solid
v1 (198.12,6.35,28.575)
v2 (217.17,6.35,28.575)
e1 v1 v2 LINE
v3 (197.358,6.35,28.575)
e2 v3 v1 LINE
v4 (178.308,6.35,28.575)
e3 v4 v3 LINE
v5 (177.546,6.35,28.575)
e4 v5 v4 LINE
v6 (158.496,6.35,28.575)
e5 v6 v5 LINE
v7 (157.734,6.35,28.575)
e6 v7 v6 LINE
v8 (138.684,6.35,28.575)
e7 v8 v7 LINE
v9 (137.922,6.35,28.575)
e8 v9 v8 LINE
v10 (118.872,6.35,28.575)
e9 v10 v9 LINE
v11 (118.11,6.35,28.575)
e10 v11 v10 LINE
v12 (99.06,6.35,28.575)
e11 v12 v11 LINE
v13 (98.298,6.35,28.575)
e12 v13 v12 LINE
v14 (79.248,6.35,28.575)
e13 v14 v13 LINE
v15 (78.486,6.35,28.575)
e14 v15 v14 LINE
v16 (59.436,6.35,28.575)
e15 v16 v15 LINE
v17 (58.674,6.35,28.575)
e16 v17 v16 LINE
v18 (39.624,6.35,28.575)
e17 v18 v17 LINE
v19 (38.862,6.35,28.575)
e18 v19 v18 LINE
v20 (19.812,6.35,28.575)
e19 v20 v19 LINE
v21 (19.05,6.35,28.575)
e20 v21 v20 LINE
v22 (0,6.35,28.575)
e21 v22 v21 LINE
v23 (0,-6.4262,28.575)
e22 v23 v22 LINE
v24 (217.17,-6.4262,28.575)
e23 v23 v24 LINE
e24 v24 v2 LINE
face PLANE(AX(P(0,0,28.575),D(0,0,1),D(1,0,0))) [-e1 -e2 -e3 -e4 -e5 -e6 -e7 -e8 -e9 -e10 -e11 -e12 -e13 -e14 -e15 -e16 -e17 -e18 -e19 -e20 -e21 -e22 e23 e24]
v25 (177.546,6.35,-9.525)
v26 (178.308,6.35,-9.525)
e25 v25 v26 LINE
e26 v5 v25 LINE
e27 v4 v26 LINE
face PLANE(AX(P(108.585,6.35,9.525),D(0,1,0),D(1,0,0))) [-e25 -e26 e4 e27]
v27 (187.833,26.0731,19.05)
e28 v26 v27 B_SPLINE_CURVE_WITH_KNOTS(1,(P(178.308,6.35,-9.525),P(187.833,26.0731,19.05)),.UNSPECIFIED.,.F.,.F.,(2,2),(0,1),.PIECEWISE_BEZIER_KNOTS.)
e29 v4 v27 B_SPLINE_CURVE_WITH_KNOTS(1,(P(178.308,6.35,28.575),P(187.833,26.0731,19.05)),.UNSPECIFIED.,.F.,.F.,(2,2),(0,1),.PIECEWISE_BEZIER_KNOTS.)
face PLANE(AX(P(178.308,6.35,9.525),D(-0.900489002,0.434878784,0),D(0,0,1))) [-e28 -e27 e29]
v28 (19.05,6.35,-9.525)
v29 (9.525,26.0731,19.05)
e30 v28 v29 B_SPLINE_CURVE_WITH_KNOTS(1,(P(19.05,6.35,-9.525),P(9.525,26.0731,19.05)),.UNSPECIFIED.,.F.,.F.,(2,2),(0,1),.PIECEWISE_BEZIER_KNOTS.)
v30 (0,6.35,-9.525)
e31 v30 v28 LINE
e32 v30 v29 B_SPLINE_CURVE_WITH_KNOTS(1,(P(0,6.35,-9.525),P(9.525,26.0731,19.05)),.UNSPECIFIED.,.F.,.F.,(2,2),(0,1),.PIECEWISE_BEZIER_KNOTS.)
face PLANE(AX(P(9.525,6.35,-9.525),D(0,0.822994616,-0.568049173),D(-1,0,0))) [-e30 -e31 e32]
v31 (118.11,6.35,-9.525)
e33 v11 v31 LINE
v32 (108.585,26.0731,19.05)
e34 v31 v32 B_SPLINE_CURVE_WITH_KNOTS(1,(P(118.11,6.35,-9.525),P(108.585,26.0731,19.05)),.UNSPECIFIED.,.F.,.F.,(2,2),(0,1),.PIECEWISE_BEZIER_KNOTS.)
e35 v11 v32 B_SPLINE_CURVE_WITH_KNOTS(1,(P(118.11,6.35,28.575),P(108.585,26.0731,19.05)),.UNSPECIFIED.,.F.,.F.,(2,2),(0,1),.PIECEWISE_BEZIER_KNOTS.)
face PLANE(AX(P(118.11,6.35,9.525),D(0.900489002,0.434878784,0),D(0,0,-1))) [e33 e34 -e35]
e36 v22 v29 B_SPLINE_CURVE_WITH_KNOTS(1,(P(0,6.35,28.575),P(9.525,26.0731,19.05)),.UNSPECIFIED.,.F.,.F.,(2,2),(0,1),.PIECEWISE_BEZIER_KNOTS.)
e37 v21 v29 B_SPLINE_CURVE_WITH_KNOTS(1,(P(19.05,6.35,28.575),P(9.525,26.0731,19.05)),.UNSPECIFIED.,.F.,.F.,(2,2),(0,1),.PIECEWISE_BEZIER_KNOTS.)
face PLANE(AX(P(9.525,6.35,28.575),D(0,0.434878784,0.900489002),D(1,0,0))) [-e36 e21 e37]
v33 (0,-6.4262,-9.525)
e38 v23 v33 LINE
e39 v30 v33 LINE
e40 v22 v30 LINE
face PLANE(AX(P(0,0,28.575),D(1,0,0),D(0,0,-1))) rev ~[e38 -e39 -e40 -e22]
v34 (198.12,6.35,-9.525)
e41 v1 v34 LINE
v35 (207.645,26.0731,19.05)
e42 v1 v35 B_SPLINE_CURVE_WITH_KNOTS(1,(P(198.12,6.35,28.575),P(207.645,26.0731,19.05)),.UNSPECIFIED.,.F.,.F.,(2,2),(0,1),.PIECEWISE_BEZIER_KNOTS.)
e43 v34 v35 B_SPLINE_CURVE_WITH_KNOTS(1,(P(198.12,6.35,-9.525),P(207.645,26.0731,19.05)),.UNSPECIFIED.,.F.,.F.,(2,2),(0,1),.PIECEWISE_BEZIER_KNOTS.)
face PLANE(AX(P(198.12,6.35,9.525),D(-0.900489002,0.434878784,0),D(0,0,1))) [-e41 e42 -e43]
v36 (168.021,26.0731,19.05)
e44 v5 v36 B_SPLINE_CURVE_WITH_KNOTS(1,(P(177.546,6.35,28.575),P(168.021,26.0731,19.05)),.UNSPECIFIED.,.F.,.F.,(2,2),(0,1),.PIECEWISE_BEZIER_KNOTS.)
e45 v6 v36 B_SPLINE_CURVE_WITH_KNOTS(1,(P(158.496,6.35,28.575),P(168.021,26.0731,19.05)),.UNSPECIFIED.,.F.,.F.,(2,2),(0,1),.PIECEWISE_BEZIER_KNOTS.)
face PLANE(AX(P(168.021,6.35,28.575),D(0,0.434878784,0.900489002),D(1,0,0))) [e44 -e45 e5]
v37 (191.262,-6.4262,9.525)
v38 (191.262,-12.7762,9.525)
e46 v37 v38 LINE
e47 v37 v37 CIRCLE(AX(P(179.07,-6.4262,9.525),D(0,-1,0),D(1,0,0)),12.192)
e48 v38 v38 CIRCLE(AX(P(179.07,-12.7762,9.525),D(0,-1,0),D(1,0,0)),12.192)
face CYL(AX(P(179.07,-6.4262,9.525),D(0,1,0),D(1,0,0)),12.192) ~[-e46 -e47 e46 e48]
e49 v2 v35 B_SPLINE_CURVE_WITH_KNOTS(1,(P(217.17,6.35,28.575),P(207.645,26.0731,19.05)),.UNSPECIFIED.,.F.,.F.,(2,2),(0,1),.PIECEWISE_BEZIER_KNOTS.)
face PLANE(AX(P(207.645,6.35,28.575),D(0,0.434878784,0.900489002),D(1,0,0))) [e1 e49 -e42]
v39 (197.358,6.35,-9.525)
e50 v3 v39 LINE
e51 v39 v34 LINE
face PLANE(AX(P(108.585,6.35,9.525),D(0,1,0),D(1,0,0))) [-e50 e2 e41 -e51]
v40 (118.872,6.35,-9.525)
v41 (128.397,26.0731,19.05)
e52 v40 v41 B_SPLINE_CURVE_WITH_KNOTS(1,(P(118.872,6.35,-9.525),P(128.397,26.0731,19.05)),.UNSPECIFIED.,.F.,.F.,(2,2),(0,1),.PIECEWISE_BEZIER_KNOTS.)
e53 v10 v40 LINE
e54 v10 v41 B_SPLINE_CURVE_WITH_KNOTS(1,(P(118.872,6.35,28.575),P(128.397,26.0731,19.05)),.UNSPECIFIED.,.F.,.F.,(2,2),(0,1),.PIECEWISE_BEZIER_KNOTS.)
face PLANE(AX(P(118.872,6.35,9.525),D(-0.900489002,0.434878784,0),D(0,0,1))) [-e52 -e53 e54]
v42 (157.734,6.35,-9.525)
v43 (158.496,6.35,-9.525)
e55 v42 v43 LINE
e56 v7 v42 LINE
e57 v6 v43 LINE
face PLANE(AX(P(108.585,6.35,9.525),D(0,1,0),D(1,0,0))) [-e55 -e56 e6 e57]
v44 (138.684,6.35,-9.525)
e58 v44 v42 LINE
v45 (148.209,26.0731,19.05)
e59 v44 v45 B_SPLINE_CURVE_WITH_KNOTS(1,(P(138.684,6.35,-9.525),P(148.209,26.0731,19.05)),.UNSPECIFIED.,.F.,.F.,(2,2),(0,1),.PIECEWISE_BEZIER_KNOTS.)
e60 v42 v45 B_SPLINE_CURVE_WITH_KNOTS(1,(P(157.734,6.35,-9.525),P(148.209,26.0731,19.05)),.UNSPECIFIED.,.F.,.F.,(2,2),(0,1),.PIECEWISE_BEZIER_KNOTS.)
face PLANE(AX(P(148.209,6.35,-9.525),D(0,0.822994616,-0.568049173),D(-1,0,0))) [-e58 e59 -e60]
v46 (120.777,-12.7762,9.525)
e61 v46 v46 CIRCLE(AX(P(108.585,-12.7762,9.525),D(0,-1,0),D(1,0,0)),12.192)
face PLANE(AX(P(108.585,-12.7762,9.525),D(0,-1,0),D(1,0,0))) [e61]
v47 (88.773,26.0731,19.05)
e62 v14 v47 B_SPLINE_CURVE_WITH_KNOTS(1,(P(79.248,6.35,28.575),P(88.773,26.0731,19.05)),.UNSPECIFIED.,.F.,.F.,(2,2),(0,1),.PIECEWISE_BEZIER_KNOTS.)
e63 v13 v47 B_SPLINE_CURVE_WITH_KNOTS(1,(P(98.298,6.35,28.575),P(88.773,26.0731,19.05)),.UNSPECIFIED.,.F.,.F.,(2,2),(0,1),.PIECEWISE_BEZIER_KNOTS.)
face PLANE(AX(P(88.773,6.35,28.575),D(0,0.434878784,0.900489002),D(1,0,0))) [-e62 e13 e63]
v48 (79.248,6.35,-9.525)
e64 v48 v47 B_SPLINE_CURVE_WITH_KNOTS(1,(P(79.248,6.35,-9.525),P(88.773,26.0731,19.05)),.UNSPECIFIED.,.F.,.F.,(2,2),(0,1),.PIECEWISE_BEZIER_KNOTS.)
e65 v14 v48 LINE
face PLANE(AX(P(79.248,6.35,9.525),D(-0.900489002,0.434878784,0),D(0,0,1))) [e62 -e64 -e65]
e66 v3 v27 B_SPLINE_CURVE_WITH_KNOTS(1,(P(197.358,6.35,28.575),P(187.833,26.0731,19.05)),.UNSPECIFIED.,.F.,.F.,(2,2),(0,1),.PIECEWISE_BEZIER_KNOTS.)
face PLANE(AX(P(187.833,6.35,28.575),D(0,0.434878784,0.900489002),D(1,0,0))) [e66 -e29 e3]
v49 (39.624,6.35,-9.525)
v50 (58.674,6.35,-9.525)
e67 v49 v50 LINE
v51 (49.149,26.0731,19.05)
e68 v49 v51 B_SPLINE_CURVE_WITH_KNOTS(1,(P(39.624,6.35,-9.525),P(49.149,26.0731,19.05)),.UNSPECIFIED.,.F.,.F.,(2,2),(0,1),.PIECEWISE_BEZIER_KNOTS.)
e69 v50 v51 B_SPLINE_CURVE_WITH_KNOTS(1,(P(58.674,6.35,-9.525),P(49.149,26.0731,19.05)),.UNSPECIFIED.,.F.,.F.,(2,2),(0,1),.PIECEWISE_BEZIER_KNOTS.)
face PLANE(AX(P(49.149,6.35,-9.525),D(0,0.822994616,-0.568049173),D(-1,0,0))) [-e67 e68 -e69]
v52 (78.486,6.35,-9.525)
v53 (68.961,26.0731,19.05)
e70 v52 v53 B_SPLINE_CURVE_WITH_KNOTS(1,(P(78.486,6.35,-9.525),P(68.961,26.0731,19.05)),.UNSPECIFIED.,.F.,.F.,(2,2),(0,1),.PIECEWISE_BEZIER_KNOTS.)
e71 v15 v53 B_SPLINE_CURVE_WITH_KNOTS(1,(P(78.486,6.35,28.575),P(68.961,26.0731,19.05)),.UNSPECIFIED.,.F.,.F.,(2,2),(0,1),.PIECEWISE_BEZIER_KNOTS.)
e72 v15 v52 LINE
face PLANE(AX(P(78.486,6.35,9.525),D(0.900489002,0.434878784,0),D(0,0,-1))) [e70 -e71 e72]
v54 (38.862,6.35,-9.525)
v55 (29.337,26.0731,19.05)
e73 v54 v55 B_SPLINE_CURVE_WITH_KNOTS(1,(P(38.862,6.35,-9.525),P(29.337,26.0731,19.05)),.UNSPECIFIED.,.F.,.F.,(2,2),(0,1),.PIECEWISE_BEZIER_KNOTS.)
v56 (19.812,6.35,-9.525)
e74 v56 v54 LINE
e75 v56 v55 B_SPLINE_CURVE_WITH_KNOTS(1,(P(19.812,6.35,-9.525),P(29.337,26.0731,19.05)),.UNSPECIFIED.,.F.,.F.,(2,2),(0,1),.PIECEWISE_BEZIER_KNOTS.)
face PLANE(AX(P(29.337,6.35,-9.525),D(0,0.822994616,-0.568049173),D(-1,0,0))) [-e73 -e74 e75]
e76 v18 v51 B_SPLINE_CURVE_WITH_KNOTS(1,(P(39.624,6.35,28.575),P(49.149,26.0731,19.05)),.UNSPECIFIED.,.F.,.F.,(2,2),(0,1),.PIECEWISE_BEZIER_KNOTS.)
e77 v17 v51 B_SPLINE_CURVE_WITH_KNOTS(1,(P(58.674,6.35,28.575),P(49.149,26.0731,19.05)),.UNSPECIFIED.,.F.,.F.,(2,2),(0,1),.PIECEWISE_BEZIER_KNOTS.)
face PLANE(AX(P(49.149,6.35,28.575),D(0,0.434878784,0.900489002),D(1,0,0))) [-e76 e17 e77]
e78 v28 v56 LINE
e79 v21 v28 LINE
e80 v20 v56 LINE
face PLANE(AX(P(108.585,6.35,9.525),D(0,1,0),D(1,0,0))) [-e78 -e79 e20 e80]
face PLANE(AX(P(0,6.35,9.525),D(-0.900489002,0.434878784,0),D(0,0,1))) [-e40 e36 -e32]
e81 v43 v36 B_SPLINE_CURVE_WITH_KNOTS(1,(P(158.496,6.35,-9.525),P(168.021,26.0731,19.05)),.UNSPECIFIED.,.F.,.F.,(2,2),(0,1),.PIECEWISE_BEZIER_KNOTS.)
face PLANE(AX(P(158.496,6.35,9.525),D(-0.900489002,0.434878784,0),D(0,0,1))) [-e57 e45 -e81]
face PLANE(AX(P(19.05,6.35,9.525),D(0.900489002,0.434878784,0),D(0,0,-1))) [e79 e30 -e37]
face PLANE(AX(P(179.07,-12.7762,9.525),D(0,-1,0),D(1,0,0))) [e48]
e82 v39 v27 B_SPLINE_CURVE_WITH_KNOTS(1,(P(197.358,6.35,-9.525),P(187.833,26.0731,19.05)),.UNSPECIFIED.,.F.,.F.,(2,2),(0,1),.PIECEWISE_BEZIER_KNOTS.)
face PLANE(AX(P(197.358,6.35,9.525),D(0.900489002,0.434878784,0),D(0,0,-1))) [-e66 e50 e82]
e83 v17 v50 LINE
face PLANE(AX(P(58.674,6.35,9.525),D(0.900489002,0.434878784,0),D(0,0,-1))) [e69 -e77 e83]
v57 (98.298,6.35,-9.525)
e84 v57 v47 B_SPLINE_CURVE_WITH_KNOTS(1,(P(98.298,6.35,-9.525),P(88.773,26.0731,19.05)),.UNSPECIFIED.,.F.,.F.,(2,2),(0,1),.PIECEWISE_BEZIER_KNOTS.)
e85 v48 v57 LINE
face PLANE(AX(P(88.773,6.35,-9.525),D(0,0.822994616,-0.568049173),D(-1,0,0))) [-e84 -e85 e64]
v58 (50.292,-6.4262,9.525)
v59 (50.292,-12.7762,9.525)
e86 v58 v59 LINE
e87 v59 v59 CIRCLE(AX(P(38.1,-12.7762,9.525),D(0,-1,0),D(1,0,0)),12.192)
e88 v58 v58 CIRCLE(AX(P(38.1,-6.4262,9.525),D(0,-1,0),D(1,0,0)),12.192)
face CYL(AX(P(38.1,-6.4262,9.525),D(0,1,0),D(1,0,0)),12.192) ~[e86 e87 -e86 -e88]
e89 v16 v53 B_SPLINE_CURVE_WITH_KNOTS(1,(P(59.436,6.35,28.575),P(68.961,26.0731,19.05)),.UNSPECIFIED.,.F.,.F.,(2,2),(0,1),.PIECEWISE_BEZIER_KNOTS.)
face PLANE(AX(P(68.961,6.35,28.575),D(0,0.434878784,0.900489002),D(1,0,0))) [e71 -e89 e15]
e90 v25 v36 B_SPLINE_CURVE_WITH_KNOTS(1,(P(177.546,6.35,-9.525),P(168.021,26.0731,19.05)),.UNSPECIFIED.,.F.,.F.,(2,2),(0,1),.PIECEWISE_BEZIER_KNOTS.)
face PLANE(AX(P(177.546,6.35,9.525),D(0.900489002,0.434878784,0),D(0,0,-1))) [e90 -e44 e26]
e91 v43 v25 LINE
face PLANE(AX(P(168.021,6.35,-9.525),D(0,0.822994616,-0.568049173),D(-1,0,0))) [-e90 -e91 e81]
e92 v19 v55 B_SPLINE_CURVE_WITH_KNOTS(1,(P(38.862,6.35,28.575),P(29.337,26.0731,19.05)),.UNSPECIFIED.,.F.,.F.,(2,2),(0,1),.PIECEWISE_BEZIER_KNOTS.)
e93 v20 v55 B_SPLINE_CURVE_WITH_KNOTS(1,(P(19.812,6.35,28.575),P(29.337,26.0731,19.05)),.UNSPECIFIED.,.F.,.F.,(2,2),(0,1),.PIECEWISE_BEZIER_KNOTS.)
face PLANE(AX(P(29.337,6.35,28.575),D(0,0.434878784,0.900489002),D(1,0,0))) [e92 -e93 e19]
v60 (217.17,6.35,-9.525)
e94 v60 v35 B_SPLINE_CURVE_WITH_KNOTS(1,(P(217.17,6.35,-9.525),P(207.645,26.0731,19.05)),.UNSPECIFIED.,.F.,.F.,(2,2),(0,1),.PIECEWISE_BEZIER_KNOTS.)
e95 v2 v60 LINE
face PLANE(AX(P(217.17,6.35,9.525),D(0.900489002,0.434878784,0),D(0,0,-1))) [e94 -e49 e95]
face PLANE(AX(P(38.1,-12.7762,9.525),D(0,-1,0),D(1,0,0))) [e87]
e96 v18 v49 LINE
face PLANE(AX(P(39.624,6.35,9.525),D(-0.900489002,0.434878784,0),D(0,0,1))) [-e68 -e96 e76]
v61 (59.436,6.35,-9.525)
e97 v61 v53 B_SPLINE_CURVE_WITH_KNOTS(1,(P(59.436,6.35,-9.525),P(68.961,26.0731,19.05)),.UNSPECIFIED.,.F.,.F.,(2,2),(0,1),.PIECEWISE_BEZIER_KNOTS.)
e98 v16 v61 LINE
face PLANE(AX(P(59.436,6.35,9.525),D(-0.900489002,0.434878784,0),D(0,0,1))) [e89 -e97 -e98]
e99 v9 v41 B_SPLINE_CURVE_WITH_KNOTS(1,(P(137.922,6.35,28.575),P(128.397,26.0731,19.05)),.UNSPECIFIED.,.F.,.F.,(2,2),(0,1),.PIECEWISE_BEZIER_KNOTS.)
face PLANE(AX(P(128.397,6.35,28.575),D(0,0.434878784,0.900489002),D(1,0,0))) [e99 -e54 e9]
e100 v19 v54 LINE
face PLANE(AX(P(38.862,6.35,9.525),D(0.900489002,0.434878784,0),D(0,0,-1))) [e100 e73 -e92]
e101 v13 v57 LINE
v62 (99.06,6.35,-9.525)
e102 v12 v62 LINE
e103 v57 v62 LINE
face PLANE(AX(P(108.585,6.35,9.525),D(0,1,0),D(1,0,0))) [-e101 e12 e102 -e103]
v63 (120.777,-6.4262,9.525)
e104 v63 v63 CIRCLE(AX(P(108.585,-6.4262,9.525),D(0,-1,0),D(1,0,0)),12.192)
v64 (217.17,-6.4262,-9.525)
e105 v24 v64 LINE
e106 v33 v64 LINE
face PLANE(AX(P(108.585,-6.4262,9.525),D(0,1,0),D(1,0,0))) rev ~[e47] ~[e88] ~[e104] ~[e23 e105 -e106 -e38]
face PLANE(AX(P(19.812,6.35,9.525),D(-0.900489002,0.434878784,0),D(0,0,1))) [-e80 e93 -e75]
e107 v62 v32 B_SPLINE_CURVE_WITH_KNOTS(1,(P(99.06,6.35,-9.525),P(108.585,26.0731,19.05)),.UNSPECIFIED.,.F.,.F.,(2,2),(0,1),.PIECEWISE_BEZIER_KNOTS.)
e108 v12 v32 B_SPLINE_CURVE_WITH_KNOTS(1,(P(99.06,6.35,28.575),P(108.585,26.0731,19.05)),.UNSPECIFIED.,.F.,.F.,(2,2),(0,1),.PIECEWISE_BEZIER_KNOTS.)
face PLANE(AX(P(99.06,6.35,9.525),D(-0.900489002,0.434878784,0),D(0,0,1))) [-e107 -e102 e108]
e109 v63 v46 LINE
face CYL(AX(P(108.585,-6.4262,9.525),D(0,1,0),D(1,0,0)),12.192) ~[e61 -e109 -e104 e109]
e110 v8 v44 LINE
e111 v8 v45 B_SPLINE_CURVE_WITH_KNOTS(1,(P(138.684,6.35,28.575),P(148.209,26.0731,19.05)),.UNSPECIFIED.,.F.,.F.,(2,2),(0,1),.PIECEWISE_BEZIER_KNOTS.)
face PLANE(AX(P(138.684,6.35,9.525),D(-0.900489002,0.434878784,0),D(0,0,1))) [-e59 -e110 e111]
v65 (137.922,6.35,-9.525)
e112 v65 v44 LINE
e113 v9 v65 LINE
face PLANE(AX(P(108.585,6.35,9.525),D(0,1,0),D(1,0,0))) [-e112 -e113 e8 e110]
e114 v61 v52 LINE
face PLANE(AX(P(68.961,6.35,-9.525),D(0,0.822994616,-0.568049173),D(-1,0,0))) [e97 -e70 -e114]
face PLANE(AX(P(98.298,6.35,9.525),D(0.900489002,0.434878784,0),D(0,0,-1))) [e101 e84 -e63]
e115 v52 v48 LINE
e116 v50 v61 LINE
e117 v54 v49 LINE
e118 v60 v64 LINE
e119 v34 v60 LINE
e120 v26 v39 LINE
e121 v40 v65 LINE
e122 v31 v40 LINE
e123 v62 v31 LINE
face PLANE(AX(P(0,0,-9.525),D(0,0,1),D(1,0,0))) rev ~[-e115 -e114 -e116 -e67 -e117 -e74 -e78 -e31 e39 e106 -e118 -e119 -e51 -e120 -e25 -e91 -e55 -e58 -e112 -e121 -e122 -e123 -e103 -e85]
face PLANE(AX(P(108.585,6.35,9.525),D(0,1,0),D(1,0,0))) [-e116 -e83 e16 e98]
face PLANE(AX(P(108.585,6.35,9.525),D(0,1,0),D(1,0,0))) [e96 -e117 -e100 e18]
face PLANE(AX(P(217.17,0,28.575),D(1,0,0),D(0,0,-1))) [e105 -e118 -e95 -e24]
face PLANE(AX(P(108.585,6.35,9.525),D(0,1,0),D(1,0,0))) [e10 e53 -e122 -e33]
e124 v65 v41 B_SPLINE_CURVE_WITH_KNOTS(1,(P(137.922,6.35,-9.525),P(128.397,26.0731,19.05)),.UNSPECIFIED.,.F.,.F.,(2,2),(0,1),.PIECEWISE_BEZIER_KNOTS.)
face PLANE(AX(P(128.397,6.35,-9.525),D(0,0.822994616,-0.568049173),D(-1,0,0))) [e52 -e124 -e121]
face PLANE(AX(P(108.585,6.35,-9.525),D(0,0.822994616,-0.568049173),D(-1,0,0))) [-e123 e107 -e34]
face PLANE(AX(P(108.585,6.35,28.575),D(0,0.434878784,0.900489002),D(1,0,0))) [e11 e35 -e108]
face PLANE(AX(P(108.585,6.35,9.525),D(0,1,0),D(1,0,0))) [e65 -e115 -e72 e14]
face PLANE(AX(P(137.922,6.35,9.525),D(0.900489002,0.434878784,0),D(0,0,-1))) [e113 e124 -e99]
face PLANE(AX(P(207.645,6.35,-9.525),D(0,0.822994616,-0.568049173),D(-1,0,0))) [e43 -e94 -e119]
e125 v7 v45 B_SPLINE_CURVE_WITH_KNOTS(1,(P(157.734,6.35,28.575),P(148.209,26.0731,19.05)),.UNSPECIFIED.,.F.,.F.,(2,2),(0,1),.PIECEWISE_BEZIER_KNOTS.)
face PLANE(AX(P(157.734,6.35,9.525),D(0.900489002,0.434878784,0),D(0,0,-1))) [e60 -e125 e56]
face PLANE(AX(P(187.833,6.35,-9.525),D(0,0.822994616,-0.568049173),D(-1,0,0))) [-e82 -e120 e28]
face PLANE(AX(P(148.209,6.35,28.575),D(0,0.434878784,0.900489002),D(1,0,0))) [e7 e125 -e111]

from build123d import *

# Parameters (mm, degrees)
SKETCH1_W           = 19.05
SKETCH1_H           = 19.05
BOSS_EXTRUDE2_DEPTH = 6.35
SKETCH8_W           = 217.17
SKETCH8_H           = 38.1
BOSS_EXTRUDE4_DEPTH = 6.35
SKETCH8_5_W         = 217.17
SKETCH8_5_H         = 38.1
BOSS_EXTRUDE5_DEPTH = 6.4262
LPATTERN3_COUNT     = 11
LPATTERN3_PITCH     = 19.812
SKETCH15_R          = 12.192
BOSS_EXTRUDE6_DEPTH = 6.35


with BuildPart() as part:
    # Sketch1 → Boss-Extrude2 (new body)
    with BuildSketch(Plane(origin=(0, 0, 0), x_dir=(1, 0, 0), z_dir=(0, 1, 0))):
        with Locations((9.525, -9.525)):
            Rectangle(SKETCH1_W, SKETCH1_H)
    extrude(amount=BOSS_EXTRUDE2_DEPTH)

    # Sketch8 → Boss-Extrude4 (add)
    with BuildSketch(Plane(origin=(0, 0, 0), x_dir=(1, 0, 0), z_dir=(0, 1, 0))):
        with Locations((108.585, -9.525)):
            Rectangle(SKETCH8_W, SKETCH8_H)
    extrude(amount=BOSS_EXTRUDE4_DEPTH)

    # Sketch8<5> → Boss-Extrude5 (add)
    with BuildSketch(Plane(origin=(0, 0, 0), x_dir=(1, 0, 0), z_dir=(0, 1, 0))):
        with Locations((108.585, -9.525)):
            Rectangle(SKETCH8_5_W, SKETCH8_5_H)
    extrude(amount=-BOSS_EXTRUDE5_DEPTH)

    # Sketch9 → Loft3 section 0
    with BuildSketch(Plane(origin=(0, 6.35, 0), x_dir=(1, 0, 0), z_dir=(0, 1, 0)), mode=Mode.PRIVATE) as loft3_s0:
        with BuildLine():
            Line((0, 9.525), (19.05, 9.525))
            Line((19.05, 9.525), (19.05, -28.575))
            Line((19.05, -28.575), (0, -28.575))
            Line((0, -28.575), (0, 9.525))
        make_face()
    loft3 = loft([loft3_s0.sketch, Vertex(9.525, 26.0731, 19.05)])

    # LPattern3: Loft3 ×11
    with Locations(*[(i * LPATTERN3_PITCH, 0, 0) for i in range(1, LPATTERN3_COUNT)]):
        add(loft3)

    # Sketch15 → Boss-Extrude6 (add)
    with BuildSketch(Plane.XZ.offset(6.4262)):
        with Locations((179.07, 9.525)):
            Circle(SKETCH15_R)
        with Locations((38.1, 9.525)):
            Circle(SKETCH15_R)
        with Locations((108.585, 9.525)):
            Circle(SKETCH15_R)
    extrude(amount=BOSS_EXTRUDE6_DEPTH)


solid = part.part
